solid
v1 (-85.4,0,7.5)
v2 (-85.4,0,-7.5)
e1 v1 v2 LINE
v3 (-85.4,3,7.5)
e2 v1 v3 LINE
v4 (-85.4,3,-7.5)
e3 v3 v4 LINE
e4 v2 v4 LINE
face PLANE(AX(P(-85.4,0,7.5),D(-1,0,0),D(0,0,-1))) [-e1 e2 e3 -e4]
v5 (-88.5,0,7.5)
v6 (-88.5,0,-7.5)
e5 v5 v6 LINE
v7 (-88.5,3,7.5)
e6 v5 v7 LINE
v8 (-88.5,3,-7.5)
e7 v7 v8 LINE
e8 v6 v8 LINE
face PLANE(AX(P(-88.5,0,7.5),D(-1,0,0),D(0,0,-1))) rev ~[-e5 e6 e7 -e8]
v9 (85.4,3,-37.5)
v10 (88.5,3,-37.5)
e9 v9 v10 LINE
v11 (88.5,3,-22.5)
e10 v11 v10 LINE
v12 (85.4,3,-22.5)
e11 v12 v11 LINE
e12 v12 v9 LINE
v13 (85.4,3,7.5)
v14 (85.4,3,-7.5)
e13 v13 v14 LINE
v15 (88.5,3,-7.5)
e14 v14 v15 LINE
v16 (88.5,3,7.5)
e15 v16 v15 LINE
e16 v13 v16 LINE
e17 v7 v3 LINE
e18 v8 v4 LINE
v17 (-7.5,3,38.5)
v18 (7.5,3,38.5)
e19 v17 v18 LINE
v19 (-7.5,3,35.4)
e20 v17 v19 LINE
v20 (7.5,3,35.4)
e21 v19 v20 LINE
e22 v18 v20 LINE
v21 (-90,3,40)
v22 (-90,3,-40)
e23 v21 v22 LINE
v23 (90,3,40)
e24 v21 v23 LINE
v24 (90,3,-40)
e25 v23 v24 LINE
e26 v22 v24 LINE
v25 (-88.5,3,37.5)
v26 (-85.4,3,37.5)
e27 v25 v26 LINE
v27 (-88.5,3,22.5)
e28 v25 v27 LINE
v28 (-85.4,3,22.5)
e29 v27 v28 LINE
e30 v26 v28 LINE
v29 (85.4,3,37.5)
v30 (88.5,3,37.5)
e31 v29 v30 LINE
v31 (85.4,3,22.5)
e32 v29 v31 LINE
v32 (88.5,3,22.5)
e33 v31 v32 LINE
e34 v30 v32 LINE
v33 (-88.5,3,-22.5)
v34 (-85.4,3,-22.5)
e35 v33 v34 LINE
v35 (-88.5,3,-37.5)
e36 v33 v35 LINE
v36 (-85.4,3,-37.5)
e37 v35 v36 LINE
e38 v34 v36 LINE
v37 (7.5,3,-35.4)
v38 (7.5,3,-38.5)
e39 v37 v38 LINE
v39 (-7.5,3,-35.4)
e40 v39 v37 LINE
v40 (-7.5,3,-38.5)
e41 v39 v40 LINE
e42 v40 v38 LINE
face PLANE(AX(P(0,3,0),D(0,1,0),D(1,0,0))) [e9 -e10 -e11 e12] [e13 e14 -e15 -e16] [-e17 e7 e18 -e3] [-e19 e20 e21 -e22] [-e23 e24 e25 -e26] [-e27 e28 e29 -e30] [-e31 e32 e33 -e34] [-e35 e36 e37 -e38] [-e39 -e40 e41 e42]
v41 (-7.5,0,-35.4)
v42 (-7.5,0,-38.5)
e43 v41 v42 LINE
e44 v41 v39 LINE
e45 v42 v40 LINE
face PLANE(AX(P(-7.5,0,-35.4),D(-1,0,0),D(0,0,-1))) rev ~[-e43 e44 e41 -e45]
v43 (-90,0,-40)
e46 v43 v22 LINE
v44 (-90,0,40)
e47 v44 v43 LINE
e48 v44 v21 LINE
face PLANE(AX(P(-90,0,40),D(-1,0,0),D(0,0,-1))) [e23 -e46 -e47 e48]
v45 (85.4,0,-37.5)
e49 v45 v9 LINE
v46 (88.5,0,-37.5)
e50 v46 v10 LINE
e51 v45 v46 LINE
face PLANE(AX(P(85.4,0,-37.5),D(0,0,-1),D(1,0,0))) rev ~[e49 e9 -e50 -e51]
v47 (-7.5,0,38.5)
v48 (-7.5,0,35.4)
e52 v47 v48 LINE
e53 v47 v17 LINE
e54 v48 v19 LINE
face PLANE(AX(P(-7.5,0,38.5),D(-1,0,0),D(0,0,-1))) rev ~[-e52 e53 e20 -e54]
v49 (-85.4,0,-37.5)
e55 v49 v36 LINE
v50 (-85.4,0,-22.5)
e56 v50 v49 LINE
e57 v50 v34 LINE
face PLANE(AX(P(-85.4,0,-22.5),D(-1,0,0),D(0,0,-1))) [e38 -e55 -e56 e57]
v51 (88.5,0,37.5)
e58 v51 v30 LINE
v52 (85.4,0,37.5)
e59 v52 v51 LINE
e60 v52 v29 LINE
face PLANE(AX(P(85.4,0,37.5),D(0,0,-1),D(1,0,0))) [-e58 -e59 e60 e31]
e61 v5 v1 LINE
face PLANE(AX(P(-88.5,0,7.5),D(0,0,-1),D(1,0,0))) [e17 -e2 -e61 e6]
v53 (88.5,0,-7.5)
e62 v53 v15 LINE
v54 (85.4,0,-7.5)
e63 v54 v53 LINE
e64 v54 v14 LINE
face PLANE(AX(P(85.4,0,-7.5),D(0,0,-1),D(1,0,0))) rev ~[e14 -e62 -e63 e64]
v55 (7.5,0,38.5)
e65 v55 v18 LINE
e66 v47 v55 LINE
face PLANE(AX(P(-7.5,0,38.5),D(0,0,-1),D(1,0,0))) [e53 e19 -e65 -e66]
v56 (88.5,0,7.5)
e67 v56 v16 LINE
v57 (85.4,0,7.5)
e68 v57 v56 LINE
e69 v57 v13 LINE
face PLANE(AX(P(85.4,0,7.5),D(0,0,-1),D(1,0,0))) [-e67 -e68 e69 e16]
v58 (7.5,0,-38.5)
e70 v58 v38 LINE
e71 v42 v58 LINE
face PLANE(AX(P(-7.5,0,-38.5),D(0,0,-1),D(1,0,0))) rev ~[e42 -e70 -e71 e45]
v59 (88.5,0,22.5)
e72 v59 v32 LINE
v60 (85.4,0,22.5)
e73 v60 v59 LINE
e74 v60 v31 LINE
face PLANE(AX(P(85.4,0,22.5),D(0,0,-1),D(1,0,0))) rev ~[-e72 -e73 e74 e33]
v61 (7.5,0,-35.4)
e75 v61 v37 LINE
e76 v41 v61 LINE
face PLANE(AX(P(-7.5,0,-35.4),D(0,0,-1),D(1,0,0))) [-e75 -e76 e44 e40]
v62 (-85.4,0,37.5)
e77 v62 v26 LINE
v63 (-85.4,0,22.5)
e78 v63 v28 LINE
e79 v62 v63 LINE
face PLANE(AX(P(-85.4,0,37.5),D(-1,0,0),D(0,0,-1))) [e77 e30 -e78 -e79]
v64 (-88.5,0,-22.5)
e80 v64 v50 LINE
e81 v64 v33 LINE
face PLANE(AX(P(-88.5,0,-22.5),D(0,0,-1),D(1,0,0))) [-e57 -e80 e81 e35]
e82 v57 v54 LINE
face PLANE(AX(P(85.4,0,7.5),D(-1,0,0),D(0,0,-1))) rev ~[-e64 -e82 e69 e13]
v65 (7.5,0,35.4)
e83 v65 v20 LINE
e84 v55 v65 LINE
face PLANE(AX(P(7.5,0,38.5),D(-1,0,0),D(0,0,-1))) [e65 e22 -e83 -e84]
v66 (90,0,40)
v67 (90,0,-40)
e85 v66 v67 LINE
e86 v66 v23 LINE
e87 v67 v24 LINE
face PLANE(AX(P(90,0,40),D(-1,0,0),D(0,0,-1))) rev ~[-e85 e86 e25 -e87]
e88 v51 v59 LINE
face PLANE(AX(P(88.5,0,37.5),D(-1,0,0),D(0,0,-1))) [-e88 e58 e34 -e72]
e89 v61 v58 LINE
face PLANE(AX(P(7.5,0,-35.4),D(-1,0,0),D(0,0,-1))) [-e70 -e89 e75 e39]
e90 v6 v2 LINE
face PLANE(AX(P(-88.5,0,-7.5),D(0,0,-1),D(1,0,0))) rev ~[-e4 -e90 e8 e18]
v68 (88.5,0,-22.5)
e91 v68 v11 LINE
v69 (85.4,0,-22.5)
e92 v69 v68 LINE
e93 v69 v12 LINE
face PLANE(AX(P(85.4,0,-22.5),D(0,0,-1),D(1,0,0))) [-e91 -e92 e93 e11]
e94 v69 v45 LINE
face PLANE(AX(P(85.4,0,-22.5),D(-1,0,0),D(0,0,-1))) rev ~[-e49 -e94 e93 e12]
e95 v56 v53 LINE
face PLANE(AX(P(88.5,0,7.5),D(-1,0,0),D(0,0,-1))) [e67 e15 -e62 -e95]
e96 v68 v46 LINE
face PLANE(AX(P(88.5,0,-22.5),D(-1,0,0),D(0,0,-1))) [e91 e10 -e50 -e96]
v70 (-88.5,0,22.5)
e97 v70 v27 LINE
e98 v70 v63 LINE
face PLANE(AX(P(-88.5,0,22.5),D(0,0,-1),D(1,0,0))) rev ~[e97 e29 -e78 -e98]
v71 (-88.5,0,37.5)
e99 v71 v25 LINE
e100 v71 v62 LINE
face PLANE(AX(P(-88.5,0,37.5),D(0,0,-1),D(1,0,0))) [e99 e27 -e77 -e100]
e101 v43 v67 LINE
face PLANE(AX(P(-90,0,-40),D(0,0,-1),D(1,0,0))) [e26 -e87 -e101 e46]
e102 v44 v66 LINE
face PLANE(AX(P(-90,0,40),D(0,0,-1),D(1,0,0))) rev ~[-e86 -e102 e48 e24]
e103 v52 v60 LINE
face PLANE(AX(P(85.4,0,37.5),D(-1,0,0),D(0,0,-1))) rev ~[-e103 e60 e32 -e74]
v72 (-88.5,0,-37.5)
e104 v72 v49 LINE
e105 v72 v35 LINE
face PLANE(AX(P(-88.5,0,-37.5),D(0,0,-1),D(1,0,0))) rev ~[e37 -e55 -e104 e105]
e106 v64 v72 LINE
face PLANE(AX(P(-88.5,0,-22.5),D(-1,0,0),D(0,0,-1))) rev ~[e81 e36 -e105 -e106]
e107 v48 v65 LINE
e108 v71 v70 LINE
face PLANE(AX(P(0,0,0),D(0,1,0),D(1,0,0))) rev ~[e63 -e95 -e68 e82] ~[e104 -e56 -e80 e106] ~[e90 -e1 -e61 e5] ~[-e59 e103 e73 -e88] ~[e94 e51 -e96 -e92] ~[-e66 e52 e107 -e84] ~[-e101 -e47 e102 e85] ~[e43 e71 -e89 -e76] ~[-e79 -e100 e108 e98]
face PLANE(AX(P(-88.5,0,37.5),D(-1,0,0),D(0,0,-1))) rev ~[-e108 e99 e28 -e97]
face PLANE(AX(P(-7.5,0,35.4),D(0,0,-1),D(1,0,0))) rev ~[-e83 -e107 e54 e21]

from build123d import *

# Parameters (mm, degrees)
SKETCH_1_W      = 180
SKETCH_1_H      = 80
SKETCH_1_W_2    = 15
SKETCH_1_H_2    = 3.1
SKETCH_1_W_3    = 3.1
SKETCH_1_H_3    = 15
EXTRUDE_1_DEPTH = 3


with BuildPart() as part:
    # 草图1 → 凸台-拉伸1 (new body)
    with BuildSketch(Plane(origin=(0, 0, 0), x_dir=(1, 0, 0), z_dir=(0, 1, 0))):
        Rectangle(SKETCH_1_W, SKETCH_1_H)
        with Locations((0, 36.95)):
            Rectangle(SKETCH_1_W_2, SKETCH_1_H_2, mode=Mode.SUBTRACT)
        with Locations((86.95, 0)):
            Rectangle(SKETCH_1_W_3, SKETCH_1_H_3, mode=Mode.SUBTRACT)
        with Locations((86.95, -30)):
            Rectangle(SKETCH_1_W_3, SKETCH_1_H_3, mode=Mode.SUBTRACT)
        with Locations((-86.95, 30)):
            Rectangle(SKETCH_1_W_3, SKETCH_1_H_3, mode=Mode.SUBTRACT)
        with Locations((-86.95, 0)):
            Rectangle(SKETCH_1_W_3, SKETCH_1_H_3, mode=Mode.SUBTRACT)
        with Locations((-86.95, -30)):
            Rectangle(SKETCH_1_W_3, SKETCH_1_H_3, mode=Mode.SUBTRACT)
        with Locations((86.95, 30)):
            Rectangle(SKETCH_1_W_3, SKETCH_1_H_3, mode=Mode.SUBTRACT)
        with Locations((0, -36.95)):
            Rectangle(SKETCH_1_W_2, SKETCH_1_H_2, mode=Mode.SUBTRACT)
    extrude(amount=EXTRUDE_1_DEPTH)


solid = part.part
